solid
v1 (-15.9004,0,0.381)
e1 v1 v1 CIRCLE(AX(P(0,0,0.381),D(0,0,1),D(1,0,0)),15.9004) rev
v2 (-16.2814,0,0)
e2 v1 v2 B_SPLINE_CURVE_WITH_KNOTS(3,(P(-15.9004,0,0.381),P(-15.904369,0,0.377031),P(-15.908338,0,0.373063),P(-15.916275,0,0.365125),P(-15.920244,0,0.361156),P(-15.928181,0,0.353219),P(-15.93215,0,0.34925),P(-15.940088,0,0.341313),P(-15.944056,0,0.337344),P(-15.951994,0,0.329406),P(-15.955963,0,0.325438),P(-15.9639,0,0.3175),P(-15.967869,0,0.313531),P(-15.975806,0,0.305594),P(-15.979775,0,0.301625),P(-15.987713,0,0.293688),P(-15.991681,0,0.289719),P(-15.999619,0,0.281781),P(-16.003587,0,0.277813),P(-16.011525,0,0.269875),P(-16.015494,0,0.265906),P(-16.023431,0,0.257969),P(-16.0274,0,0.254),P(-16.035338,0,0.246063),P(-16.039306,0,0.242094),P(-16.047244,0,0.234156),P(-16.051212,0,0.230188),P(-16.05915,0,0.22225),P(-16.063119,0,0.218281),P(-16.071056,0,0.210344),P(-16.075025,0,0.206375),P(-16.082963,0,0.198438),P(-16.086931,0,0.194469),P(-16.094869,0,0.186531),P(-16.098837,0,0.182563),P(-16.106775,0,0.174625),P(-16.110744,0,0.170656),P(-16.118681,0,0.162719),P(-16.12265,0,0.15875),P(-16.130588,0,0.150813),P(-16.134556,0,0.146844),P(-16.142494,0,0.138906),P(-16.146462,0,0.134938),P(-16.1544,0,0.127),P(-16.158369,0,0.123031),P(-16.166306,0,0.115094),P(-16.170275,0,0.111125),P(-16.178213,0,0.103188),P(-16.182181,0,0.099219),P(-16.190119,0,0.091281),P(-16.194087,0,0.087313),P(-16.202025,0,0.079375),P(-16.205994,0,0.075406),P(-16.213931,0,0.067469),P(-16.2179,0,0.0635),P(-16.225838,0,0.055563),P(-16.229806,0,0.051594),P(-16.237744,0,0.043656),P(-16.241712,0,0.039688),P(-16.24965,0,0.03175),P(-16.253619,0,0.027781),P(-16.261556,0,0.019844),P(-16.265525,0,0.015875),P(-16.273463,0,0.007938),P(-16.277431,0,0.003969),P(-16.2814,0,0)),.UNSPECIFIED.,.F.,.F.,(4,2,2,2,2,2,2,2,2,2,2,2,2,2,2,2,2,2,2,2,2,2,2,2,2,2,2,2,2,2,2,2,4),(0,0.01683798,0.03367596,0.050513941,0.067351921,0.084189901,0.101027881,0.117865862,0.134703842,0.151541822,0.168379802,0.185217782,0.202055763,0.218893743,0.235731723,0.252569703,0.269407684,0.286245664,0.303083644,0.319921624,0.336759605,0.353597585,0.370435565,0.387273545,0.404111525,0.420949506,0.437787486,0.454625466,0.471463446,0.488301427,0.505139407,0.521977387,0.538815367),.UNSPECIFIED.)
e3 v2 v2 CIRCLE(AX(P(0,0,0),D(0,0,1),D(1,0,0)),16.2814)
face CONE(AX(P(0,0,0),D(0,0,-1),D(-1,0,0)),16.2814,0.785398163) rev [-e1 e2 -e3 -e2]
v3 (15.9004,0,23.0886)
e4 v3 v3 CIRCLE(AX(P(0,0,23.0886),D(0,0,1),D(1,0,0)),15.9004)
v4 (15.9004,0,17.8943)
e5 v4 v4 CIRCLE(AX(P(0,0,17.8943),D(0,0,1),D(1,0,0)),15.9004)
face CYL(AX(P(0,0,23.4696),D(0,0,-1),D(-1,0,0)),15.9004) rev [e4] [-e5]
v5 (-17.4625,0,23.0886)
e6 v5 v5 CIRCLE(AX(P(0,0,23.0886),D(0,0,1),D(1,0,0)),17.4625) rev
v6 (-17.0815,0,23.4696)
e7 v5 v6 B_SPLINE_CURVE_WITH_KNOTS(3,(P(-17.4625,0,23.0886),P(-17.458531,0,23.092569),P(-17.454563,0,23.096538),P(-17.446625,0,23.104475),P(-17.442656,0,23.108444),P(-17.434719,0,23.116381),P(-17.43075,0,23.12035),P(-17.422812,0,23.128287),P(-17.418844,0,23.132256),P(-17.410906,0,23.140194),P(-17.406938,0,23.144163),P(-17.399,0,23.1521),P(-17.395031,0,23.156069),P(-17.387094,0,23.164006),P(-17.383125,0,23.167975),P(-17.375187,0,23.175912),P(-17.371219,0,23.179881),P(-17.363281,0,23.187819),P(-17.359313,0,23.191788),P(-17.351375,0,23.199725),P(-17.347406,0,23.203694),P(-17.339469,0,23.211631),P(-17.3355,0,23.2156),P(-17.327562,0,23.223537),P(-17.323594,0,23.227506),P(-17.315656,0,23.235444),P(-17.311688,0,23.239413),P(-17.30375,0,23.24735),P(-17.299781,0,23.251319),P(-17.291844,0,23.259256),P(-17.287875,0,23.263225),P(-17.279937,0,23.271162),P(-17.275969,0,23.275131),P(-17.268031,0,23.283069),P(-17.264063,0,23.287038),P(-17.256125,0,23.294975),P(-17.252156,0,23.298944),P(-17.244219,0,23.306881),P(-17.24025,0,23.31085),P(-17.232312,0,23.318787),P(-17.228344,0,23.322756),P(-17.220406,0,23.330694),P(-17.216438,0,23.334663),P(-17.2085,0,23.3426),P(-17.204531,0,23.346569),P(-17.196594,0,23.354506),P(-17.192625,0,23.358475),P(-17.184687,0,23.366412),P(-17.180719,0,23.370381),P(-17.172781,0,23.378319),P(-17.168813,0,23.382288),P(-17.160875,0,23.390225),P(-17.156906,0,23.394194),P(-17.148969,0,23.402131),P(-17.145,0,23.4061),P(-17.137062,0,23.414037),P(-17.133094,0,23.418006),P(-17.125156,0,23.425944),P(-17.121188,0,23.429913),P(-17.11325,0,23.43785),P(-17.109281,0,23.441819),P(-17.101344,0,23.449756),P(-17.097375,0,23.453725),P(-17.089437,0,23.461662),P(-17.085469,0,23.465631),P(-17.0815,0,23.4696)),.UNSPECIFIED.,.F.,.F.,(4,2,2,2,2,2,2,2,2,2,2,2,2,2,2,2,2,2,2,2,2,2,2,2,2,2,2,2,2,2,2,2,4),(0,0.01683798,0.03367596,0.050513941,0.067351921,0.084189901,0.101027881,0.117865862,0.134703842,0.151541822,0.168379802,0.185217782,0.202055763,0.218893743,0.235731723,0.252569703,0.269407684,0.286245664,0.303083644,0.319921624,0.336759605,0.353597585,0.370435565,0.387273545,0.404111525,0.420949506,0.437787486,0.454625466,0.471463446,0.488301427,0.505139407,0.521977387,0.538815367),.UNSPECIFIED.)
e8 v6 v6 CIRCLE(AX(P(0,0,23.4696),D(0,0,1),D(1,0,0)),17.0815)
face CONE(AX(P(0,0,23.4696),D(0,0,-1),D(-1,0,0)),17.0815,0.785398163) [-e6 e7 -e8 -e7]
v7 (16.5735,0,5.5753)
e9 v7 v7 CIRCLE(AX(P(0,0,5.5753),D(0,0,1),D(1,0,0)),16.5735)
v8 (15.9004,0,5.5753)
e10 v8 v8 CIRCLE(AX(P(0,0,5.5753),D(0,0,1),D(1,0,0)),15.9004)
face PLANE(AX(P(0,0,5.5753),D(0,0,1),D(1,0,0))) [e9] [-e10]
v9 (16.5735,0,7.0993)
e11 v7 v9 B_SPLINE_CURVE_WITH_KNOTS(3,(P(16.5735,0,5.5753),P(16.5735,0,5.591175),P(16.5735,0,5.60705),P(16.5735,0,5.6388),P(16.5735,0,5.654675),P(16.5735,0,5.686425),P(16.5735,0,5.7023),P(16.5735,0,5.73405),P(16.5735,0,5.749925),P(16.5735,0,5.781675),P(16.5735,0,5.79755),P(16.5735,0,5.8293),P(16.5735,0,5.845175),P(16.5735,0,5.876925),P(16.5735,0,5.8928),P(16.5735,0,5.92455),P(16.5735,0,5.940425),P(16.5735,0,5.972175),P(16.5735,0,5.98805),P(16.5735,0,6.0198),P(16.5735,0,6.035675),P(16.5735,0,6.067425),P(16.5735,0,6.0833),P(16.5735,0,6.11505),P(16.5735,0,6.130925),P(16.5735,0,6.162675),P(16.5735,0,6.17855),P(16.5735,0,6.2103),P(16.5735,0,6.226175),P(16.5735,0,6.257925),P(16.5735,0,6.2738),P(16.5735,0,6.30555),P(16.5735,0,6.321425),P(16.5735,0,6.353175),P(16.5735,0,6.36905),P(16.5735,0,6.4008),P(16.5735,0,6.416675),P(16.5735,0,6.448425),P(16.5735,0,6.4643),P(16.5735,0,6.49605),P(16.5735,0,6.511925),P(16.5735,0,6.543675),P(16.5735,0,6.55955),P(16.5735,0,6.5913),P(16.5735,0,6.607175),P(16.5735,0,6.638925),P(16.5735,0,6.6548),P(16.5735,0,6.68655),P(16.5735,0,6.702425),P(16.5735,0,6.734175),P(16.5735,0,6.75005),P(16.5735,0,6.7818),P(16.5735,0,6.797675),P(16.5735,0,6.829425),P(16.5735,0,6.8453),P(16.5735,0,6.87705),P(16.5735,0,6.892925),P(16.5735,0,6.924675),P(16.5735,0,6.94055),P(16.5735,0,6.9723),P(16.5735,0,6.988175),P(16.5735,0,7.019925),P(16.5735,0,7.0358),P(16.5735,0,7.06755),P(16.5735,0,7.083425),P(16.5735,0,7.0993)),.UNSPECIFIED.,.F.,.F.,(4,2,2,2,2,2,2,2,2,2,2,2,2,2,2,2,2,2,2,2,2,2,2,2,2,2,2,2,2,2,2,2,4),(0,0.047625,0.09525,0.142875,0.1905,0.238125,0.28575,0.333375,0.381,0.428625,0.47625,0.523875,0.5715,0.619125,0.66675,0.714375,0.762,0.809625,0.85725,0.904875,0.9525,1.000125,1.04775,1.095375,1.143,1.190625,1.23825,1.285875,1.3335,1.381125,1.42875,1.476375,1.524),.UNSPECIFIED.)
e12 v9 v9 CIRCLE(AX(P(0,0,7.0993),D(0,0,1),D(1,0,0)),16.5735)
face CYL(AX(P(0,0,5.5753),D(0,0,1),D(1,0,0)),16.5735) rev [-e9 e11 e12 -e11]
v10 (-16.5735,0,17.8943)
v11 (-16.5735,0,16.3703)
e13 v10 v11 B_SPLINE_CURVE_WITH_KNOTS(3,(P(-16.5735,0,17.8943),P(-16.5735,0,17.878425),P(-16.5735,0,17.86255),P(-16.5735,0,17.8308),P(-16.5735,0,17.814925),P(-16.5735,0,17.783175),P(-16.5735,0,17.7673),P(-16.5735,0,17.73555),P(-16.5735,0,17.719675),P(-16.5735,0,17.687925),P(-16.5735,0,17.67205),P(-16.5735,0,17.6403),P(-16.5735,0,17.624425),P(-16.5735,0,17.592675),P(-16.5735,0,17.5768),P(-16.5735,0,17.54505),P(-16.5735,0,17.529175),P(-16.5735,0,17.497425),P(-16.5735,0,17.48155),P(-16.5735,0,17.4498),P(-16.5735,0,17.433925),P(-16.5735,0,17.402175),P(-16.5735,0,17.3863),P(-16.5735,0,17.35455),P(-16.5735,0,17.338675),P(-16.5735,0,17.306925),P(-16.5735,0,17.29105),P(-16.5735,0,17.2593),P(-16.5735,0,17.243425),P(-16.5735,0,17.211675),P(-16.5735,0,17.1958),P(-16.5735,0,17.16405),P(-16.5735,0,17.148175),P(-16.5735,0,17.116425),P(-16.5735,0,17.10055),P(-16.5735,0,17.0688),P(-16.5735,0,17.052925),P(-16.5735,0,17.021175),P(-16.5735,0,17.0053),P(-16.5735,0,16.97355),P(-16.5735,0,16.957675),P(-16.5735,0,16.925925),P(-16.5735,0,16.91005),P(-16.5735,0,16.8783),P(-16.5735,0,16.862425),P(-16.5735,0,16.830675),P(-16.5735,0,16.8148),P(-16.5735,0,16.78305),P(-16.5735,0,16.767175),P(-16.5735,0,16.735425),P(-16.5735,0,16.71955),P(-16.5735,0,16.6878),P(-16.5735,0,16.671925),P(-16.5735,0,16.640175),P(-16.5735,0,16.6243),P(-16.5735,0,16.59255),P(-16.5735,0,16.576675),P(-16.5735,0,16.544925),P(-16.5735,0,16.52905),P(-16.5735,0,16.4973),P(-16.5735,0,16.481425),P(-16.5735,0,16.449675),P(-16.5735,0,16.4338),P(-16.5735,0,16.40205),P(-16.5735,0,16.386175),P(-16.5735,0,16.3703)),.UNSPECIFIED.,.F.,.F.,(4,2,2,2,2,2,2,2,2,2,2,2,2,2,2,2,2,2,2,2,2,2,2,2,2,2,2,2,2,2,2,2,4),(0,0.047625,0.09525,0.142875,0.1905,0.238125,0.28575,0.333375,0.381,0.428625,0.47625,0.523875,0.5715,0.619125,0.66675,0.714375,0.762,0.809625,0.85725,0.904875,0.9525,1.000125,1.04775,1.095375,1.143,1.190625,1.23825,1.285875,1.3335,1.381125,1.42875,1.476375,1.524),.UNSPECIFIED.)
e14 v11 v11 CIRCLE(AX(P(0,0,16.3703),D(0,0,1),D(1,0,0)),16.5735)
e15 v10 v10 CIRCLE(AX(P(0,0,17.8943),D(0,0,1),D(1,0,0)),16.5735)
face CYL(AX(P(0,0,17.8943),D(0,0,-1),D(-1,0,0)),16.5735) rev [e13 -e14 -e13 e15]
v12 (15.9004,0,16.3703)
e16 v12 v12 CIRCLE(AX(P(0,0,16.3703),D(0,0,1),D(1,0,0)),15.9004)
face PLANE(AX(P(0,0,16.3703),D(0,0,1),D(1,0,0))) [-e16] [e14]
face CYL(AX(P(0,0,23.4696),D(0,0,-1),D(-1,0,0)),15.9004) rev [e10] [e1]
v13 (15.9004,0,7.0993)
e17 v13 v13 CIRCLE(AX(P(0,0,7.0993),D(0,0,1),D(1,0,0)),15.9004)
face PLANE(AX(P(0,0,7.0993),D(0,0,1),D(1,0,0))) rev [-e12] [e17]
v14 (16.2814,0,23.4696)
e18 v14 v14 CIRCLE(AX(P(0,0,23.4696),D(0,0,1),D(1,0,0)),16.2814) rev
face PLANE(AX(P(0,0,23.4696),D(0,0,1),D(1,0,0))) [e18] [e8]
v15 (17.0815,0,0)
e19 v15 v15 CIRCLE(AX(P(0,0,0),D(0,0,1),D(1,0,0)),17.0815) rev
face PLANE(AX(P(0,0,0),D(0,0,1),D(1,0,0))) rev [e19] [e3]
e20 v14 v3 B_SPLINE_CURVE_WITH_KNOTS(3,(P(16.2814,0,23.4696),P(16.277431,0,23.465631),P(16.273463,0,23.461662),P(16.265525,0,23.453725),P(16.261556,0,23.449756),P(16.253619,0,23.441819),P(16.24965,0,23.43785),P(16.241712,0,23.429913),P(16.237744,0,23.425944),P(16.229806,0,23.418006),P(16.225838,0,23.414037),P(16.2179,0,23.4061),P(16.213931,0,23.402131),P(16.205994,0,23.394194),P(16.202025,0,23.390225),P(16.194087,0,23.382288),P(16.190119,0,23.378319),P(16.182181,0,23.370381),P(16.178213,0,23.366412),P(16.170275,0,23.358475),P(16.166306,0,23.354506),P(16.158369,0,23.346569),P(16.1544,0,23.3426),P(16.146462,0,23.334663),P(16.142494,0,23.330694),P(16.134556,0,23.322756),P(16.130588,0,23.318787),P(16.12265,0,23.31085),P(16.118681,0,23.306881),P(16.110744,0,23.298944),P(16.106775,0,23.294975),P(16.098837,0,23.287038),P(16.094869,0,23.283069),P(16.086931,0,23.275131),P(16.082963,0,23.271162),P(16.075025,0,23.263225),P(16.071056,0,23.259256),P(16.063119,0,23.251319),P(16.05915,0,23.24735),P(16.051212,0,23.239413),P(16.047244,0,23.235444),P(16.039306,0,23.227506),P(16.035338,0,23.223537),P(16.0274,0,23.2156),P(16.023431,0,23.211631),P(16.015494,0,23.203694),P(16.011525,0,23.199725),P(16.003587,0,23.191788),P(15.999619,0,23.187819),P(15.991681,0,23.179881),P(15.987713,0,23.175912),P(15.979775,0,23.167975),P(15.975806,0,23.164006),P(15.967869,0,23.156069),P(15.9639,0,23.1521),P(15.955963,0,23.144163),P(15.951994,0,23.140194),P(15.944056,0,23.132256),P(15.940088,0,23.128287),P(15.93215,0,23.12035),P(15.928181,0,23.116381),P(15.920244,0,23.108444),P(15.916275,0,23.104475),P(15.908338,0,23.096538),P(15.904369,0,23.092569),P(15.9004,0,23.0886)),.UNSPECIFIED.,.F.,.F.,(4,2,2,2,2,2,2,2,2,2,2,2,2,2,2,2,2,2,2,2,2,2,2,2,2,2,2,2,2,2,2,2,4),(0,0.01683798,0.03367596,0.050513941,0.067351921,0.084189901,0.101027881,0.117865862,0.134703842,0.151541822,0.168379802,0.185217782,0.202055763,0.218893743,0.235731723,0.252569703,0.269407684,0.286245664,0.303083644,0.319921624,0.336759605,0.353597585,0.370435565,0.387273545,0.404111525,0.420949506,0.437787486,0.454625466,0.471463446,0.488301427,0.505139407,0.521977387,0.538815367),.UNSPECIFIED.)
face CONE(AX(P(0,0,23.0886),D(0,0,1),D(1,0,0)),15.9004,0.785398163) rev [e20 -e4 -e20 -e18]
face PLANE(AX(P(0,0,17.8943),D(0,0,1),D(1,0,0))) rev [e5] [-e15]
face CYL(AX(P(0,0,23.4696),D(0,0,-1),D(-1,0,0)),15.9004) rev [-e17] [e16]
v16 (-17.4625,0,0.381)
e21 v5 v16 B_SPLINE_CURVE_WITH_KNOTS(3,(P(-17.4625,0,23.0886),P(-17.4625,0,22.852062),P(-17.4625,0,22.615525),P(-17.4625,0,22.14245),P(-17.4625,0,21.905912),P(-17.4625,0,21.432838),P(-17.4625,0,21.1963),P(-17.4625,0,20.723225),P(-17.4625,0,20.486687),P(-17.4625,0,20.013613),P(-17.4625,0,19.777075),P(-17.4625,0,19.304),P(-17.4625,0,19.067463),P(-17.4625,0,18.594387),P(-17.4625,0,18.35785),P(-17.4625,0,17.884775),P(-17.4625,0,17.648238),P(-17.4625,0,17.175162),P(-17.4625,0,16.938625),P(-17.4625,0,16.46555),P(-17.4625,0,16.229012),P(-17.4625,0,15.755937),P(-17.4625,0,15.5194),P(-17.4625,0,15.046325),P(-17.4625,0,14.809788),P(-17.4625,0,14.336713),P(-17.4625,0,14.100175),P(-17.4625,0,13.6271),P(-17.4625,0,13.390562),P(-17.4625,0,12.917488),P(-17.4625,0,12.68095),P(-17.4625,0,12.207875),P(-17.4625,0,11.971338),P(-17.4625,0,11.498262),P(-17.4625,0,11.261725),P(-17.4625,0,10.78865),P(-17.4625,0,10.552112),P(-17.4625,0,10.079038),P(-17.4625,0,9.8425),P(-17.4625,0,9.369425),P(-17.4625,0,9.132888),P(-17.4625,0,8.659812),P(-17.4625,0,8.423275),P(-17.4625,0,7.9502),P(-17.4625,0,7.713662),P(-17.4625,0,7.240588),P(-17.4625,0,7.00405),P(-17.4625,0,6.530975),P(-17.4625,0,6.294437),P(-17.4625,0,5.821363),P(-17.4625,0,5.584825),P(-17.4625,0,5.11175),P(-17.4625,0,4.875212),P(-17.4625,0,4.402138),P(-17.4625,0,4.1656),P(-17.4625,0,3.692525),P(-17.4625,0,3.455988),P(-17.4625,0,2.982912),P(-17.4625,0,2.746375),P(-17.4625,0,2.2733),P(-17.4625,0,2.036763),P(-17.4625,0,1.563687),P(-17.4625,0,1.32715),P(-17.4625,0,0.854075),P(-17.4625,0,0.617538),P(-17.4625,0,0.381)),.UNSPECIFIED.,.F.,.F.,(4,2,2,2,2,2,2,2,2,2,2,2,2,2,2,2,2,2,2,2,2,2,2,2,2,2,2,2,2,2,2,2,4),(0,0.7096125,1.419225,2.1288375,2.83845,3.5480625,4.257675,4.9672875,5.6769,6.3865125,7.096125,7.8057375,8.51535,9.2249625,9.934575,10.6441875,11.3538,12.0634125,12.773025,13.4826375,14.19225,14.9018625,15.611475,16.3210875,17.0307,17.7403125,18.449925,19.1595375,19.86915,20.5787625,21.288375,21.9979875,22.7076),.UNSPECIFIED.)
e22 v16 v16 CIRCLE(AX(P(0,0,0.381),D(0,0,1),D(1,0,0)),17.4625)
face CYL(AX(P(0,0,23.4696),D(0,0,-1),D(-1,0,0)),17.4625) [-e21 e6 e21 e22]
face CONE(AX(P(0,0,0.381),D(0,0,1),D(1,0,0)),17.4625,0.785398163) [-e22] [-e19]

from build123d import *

# Parameters (mm, degrees)
SKETCH1_R          = 17.4625
SKETCH1_R_2        = 15.9004
BASE_EXTRUDE_DEPTH = 23.4696
SKETCH2_R          = 16.5735
CUT_EXTRUDE1_DEPTH = 1.524
CUT_EXTRUDE2_START = 1.524
SKETCH3_R          = 16.5735
CUT_EXTRUDE2_DEPTH = 1.524
CHAMFER1_SIZE      = 0.381


with BuildPart() as part:
    # Sketch1 → Base-Extrude (new body)
    with BuildSketch(Plane.XY):
        Circle(SKETCH1_R)
        Circle(SKETCH1_R_2, mode=Mode.SUBTRACT)
    extrude(amount=BASE_EXTRUDE_DEPTH)

    # Sketch2 → Cut-Extrude1 (cut)
    with BuildSketch(Plane.XY.offset(7.0993)):
        Circle(SKETCH2_R)
    extrude(amount=-CUT_EXTRUDE1_DEPTH, mode=Mode.SUBTRACT)

    # Sketch3 → Cut-Extrude2 (cut)
    with BuildSketch(Plane.XY.offset(16.3703).offset(CUT_EXTRUDE2_START)):
        Circle(SKETCH3_R)
    extrude(amount=-CUT_EXTRUDE2_DEPTH, mode=Mode.SUBTRACT)

    # Chamfer1
    chamfer1_edges = [part.edges().sort_by_distance(p)[0] for p in [
        (-17.4625, 0, 0),
        (-17.4625, 0, 23.4696),
        (-15.9004, 0, 0),
        (-15.9004, 0, 23.4696),
    ]]
    chamfer(chamfer1_edges, length=CHAMFER1_SIZE)


solid = part.part
